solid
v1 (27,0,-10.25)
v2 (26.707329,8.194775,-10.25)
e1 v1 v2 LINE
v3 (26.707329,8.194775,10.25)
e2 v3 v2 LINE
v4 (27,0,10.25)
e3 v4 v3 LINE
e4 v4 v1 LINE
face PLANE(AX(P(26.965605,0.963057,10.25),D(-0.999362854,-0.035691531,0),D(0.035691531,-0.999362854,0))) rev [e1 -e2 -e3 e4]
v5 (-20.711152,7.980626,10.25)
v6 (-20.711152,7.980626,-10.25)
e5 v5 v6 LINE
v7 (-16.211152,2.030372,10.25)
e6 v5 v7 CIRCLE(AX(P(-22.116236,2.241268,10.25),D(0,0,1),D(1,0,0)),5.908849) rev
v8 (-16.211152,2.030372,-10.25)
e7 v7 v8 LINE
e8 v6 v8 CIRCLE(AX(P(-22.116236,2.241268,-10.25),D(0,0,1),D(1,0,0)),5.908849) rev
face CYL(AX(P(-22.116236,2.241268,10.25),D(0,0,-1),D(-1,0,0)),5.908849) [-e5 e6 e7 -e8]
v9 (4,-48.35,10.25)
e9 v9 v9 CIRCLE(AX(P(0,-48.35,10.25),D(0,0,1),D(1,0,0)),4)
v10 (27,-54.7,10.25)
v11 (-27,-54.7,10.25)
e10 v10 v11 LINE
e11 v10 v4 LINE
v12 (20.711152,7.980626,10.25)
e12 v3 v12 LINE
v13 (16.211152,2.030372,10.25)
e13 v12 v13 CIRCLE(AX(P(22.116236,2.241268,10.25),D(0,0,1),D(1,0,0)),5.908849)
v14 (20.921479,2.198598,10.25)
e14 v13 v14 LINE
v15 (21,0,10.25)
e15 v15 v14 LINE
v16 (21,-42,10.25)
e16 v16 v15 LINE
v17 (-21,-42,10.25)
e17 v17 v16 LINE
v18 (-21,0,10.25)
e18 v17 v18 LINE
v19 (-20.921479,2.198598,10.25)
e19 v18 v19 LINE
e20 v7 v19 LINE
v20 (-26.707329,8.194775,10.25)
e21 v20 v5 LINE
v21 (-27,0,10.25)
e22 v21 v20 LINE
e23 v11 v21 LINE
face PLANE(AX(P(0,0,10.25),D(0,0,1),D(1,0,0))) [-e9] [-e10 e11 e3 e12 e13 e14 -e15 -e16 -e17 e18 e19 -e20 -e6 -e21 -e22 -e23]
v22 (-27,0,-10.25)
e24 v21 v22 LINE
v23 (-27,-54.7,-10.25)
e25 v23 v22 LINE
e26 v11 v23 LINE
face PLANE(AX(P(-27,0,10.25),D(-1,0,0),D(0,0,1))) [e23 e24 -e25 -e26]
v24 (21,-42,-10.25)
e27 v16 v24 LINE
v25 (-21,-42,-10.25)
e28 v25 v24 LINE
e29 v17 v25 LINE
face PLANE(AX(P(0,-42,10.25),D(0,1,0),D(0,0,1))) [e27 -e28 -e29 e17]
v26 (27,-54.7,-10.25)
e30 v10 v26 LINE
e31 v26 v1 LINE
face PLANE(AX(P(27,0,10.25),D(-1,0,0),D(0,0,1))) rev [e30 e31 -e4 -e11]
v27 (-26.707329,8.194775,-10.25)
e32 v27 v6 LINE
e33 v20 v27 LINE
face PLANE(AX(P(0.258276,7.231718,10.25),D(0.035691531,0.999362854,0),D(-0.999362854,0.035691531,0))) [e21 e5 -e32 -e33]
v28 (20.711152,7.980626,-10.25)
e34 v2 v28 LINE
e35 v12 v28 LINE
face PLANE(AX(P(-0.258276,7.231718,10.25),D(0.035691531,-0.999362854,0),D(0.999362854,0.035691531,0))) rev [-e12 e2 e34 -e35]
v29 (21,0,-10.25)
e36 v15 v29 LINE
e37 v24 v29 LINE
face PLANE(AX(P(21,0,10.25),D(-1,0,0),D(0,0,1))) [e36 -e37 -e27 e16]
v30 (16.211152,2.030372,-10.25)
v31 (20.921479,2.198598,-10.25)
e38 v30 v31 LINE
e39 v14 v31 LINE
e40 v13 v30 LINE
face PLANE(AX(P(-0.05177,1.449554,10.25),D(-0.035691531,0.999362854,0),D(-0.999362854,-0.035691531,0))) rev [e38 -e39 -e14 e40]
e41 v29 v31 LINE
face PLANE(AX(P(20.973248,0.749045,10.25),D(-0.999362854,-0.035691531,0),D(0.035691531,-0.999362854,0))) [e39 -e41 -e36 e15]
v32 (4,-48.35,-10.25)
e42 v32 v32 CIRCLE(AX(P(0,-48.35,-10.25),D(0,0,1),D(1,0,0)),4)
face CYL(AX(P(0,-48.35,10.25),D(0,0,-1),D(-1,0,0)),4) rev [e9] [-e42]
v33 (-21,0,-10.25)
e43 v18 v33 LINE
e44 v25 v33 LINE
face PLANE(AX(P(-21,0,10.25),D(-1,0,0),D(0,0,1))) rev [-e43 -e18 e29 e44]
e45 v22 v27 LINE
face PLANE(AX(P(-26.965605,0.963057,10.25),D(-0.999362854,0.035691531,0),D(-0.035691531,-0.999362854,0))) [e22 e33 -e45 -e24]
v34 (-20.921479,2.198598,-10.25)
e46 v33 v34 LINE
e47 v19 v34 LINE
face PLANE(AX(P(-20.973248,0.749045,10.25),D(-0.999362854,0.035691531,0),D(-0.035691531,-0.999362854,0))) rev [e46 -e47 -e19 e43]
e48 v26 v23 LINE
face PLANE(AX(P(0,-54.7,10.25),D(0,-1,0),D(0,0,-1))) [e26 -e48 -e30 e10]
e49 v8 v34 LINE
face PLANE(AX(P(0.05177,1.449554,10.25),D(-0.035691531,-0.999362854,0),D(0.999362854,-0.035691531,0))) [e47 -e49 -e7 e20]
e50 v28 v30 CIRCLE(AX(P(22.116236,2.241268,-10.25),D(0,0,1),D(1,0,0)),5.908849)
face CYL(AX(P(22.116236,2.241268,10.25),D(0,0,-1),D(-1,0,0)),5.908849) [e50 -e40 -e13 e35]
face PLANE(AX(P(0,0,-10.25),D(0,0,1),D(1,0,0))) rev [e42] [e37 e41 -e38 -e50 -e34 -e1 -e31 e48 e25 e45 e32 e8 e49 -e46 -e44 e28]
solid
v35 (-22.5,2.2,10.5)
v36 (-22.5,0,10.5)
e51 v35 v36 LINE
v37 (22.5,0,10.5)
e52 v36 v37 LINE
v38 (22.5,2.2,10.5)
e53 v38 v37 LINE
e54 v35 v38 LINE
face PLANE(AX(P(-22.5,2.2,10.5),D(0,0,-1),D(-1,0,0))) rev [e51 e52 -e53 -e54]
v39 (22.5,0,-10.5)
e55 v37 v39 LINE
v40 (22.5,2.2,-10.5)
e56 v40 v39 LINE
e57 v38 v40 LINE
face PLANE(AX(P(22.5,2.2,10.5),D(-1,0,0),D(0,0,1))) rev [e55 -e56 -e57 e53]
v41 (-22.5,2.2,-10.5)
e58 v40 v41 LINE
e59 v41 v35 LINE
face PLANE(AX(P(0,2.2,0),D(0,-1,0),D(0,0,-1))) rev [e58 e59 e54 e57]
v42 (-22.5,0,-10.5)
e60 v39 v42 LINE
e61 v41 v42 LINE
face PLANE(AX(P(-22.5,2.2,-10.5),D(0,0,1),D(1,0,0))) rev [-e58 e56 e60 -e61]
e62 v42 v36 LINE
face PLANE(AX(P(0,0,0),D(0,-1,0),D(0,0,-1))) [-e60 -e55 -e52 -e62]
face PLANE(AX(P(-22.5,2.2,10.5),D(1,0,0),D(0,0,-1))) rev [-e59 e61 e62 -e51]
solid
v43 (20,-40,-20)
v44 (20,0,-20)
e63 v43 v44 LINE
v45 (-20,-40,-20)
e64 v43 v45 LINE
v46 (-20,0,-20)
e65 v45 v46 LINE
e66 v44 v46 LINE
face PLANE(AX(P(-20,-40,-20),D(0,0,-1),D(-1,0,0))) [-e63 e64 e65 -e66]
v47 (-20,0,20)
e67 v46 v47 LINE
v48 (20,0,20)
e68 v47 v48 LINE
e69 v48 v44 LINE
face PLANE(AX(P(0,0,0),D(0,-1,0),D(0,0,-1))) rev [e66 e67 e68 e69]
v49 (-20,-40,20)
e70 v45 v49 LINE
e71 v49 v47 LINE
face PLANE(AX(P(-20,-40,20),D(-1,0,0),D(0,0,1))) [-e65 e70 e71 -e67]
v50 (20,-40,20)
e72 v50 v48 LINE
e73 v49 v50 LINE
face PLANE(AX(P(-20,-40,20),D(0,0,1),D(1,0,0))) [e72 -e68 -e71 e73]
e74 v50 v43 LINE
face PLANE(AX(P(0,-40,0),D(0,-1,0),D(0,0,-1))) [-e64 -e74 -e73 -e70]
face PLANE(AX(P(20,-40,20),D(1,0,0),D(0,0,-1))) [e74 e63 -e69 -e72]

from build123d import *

# Parameters (mm, degrees)
SKETCH1_W                            = 45
SKETCH1_H                            = 21
BOSS_EXTRUDE1_DEPTH                  = 2.2
SKETCH2_W                            = 40
SKETCH2_H                            = 40
BOSS_EXTRUDE2_DEPTH                  = 40
SKETCH3_W                            = 42
SKETCH3_H                            = 12.7
SKETCH3_R                            = 4
SNAPFIT_42MM_SPACING_6MM_WIDTH_DEPTH = 10.25


with BuildPart() as part:
    # Sketch1 → Boss-Extrude1 (new body)
    with BuildSketch(Plane(origin=(0, 0, 0), x_dir=(1, 0, 0), z_dir=(0, 1, 0))):
        Rectangle(SKETCH1_W, SKETCH1_H)
    extrude(amount=BOSS_EXTRUDE1_DEPTH)


with BuildPart() as body_2:
    # Sketch2 → Boss-Extrude2 (new body)
    with BuildSketch(Plane(origin=(0, 0, 0), x_dir=(1, 0, 0), z_dir=(0, 1, 0))):
        Rectangle(SKETCH2_W, SKETCH2_H)
    extrude(amount=-BOSS_EXTRUDE2_DEPTH)


with BuildPart() as body_3:
    # Sketch3 → SnapFit-42mm_spacing-6mm_width (new, symmetric)
    # profile 1 of 3: a face of its own
    with BuildSketch(Plane.XY):
        with Locations((0, -48.35)):
            Rectangle(SKETCH3_W, SKETCH3_H)
        with Locations((0, -48.35)):
            Circle(SKETCH3_R, mode=Mode.SUBTRACT)
    # profile 2 of 3: a face of its own
    with BuildSketch(Plane.XY):
        with BuildLine():
            Line((-27, -54.7), (-21, -54.7))
            Line((-21, -54.7), (-21, -42))
            Line((-21, -42), (-21, 0))
            Line((-21, 0), (-20.921478633, 2.19859828))
            Line((-20.921478633, 2.19859828), (-16.211152324, 2.03037234))
            ThreePointArc((-16.211152324, 2.03037234), (-17.403379448, 5.80546144), (-20.711152324, 7.980626223))
            Line((-20.711152324, 7.980626223), (-26.70732945, 8.194775406))
            Line((-26.70732945, 8.194775406), (-27, 0))
            Line((-27, 0), (-27, -54.7))
        make_face()
    # profile 3 of 3: a face of its own
    with BuildSketch(Plane.XY):
        with BuildLine():
            Line((21, -42), (21, -54.7))
            Line((21, -54.7), (27, -54.7))
            Line((27, -54.7), (27, 0))
            Line((27, 0), (26.70732945, 8.194775406))
            Line((26.70732945, 8.194775406), (20.711152324, 7.980626223))
            ThreePointArc((20.711152324, 7.980626223), (17.403379448, 5.80546144), (16.211152324, 2.03037234))
            Line((16.211152324, 2.03037234), (20.921478633, 2.19859828))
            Line((20.921478633, 2.19859828), (21, 0))
            Line((21, 0), (21, -42))
        make_face()
    extrude(amount=SNAPFIT_42MM_SPACING_6MM_WIDTH_DEPTH, both=True)


solid = Compound([part.part, body_2.part, body_3.part])
